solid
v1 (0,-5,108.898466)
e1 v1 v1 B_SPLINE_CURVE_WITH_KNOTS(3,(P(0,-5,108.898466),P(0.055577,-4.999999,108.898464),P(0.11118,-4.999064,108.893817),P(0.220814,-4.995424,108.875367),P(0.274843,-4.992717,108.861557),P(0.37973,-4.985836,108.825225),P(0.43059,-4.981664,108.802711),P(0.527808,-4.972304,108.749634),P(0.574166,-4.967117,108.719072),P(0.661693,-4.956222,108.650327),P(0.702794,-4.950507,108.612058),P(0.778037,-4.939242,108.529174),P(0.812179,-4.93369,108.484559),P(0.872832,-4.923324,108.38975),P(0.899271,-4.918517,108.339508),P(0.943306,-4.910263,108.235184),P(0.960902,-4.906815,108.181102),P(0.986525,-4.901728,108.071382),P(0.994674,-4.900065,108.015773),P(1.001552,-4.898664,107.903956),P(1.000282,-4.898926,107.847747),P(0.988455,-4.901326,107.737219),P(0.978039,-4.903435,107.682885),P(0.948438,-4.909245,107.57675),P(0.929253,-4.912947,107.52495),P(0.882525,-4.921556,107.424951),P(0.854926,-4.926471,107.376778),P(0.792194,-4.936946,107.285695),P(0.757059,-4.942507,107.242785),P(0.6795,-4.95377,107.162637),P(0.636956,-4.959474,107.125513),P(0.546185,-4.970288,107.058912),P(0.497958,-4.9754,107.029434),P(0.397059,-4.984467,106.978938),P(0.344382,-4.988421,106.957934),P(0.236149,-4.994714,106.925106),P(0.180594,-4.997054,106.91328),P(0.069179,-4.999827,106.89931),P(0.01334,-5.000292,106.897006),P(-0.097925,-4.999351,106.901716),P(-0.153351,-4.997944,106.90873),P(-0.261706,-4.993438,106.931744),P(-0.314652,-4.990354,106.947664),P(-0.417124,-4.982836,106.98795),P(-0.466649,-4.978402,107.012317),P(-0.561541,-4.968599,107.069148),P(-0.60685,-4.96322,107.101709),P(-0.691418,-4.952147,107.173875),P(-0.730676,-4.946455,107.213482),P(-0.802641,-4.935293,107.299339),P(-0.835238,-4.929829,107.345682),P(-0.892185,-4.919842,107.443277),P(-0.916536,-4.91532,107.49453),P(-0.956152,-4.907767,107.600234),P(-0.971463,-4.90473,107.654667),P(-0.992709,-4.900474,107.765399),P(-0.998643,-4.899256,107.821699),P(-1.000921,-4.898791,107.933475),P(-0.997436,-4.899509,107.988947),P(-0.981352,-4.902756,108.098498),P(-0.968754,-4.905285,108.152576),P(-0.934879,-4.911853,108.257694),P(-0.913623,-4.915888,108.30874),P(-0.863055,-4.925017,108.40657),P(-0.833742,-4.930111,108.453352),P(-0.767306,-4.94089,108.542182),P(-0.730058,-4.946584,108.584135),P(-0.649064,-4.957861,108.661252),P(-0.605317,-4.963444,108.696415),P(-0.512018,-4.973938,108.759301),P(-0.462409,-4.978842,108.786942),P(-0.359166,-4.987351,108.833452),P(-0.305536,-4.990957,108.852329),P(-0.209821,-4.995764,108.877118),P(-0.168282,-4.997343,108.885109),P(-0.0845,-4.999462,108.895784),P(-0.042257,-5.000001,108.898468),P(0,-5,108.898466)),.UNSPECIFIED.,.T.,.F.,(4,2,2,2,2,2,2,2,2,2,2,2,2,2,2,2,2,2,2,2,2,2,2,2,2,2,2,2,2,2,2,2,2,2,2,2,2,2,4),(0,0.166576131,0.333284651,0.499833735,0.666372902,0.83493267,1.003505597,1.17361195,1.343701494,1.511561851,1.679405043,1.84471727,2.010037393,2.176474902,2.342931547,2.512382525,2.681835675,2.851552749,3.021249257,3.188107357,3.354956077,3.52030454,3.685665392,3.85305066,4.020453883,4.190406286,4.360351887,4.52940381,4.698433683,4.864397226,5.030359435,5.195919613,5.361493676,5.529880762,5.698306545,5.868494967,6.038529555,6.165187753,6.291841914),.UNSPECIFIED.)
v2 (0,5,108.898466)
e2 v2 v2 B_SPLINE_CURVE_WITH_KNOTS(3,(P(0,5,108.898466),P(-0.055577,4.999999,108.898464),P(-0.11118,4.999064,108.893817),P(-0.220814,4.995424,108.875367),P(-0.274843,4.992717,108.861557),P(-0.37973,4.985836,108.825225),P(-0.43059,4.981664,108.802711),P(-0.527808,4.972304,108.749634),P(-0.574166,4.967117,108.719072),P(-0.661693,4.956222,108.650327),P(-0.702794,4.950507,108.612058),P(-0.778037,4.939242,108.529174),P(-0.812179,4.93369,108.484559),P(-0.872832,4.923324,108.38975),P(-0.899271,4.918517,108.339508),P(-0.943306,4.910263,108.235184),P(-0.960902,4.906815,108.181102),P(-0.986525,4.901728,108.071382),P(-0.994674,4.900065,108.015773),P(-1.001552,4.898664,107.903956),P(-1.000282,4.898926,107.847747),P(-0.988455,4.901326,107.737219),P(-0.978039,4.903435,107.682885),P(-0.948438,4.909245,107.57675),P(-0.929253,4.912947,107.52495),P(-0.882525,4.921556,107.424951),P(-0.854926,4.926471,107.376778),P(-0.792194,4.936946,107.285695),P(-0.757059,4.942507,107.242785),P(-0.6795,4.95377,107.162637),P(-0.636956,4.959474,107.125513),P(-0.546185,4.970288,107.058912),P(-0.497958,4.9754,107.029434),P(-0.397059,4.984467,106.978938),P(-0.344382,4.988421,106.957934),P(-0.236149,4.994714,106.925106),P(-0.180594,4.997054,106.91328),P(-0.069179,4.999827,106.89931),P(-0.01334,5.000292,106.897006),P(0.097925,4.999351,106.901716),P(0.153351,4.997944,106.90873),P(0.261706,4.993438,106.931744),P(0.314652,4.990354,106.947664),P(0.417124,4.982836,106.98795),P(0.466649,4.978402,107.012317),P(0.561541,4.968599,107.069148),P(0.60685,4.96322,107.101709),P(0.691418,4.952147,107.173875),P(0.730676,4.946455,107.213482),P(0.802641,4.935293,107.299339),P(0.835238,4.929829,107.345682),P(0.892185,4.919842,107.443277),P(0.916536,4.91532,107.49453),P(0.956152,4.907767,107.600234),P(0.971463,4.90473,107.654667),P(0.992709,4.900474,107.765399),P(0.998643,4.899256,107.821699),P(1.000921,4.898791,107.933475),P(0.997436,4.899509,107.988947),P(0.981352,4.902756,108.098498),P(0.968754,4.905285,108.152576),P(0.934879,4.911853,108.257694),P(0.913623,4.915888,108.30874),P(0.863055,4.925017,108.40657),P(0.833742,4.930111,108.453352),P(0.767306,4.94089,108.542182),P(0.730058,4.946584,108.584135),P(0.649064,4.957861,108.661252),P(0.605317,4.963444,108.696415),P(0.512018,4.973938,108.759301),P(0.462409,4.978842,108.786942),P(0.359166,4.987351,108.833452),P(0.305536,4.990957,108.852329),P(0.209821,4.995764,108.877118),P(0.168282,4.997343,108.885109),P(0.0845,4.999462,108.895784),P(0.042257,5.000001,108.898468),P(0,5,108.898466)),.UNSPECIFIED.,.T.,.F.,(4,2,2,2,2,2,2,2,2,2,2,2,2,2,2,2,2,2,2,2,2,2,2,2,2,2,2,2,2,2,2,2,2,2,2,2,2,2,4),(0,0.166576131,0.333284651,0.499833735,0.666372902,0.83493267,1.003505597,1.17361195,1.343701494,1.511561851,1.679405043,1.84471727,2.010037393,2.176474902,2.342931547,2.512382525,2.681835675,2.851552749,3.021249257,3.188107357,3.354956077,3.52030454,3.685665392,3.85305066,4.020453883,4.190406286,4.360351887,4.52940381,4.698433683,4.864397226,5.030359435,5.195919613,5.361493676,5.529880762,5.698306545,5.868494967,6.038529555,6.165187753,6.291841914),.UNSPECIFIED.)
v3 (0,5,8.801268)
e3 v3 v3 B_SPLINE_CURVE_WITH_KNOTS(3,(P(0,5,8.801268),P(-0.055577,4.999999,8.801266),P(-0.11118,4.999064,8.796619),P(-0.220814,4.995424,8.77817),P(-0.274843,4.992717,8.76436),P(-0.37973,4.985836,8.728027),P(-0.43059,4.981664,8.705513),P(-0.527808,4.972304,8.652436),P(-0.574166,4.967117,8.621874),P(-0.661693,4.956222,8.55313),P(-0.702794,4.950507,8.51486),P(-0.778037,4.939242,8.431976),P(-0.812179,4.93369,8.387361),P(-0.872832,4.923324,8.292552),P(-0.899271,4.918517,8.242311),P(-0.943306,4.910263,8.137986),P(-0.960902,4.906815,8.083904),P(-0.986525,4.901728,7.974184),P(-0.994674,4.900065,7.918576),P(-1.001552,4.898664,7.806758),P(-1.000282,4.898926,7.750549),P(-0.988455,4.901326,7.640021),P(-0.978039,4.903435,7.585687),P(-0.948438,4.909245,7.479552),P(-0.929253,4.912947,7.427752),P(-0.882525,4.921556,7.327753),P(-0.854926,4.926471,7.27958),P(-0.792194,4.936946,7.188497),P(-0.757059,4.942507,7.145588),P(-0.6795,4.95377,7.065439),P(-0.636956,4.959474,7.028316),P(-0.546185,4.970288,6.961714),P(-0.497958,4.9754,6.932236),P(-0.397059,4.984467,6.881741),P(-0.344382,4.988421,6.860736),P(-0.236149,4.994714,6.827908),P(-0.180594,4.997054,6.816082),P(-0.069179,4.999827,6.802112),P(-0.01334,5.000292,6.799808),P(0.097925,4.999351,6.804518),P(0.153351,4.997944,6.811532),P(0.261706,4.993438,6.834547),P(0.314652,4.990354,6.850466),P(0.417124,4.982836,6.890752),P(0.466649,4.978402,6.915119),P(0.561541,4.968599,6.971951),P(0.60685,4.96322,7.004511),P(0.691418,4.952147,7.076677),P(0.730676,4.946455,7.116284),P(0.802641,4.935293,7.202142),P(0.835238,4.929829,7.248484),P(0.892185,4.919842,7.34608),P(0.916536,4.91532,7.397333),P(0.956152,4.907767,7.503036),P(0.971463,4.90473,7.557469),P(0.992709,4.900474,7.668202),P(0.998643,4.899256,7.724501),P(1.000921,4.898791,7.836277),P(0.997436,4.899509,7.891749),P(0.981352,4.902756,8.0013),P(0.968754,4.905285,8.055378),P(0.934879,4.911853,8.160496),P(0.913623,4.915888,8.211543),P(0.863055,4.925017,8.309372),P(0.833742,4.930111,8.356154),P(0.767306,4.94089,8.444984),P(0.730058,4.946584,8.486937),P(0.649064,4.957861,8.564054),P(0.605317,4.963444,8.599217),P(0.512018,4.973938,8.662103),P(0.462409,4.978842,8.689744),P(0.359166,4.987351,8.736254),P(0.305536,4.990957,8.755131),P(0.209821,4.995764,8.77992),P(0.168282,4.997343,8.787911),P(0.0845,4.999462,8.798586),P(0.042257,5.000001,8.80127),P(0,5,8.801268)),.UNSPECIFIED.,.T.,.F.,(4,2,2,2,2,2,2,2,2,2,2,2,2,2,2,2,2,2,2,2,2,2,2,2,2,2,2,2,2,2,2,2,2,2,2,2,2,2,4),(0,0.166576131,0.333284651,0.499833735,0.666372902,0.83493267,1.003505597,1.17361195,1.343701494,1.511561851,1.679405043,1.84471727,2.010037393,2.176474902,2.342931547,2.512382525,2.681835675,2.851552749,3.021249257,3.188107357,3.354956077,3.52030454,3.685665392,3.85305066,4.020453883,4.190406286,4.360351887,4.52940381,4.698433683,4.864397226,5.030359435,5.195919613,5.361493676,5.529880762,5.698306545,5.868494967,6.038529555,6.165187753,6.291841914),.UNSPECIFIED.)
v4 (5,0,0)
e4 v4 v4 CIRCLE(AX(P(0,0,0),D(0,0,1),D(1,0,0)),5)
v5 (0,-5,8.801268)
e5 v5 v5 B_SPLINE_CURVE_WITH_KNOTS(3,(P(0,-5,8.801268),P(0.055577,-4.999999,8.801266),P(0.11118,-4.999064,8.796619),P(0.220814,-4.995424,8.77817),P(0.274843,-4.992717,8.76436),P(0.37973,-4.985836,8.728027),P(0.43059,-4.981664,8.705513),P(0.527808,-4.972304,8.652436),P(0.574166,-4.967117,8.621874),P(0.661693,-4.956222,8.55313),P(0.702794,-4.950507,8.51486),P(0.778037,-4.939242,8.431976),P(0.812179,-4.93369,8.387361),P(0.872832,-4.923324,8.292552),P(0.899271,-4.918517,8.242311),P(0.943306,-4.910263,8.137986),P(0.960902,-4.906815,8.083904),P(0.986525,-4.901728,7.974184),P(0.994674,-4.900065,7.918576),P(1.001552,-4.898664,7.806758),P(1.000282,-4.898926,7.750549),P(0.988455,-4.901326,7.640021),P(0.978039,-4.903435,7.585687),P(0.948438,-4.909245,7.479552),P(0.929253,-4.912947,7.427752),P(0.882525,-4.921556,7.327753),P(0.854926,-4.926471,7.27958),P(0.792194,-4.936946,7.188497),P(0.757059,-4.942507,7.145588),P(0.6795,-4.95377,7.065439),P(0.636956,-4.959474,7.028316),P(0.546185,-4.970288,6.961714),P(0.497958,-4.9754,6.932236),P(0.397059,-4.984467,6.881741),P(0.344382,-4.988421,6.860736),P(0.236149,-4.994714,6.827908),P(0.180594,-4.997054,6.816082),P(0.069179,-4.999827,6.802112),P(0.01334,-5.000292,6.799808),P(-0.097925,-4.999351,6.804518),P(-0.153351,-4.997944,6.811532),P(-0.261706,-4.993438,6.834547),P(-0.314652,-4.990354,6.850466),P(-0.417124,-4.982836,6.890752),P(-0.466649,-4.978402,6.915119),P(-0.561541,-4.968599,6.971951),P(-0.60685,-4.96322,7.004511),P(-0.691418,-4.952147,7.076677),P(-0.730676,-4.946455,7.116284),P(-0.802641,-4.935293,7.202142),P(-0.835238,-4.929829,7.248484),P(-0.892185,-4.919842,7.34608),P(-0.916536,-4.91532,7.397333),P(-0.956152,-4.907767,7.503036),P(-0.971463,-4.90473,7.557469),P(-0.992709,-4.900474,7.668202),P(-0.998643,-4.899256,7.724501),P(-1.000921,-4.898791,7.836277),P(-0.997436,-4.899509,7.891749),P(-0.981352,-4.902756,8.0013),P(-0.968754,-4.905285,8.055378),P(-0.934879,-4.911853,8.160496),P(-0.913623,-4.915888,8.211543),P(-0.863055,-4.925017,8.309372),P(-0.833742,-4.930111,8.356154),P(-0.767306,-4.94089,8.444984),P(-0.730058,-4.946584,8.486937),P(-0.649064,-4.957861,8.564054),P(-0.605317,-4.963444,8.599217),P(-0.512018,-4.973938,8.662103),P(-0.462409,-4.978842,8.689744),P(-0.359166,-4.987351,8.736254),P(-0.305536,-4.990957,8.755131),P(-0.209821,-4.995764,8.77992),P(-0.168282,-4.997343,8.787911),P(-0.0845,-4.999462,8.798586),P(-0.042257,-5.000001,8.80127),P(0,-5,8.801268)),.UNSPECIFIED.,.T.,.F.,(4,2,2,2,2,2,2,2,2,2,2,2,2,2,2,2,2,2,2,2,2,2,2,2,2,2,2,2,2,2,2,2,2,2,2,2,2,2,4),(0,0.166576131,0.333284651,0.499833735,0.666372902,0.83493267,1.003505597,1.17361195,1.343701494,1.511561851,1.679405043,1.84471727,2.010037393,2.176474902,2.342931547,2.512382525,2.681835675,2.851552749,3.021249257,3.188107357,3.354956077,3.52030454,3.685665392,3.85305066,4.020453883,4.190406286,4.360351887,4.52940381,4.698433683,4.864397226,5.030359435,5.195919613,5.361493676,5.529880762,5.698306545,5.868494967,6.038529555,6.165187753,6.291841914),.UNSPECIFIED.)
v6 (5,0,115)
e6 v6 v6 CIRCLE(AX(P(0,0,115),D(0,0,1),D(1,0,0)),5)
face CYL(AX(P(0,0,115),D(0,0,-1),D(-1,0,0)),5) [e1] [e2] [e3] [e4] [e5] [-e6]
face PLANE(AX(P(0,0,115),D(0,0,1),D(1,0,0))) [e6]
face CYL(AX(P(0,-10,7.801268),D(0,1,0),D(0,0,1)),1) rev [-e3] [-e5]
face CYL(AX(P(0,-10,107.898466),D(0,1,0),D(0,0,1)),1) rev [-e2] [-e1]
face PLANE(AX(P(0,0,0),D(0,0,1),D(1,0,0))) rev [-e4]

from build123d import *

# Parameters (mm, degrees)
SKETCH_1_R          = 5
EXTRUDE_1_DEPTH     = 115
SKETCH_2_R          = 1
CUT_EXTRUDE_1_DEPTH = 10
SKETCH_4_R          = 1
CUT_EXTRUDE_2_DEPTH = 10


with BuildPart() as part:
    # Эскиз1 → Вытянуть1 (new body)
    with BuildSketch(Plane.XY):
        Circle(SKETCH_1_R)
    extrude(amount=EXTRUDE_1_DEPTH)

    # Эскиз2 → Вырез-Вытянуть1 (cut, symmetric)
    with BuildSketch(Plane(origin=(0, 0, 0), x_dir=(1, 0, 0), z_dir=(0, 1, 0))):
        with Locations(Location((0, -7.801268192, 0), (0, 0, 270))):
            Circle(SKETCH_2_R)
    extrude(amount=CUT_EXTRUDE_1_DEPTH, both=True, mode=Mode.SUBTRACT)

    # Эскиз4 → Вырез-Вытянуть2 (cut, symmetric)
    with BuildSketch(Plane(origin=(0, 0, 0), x_dir=(1, 0, 0), z_dir=(0, 1, 0))):
        with Locations(Location((0, -107.898465976, 0), (0, 0, 270))):
            Circle(SKETCH_4_R)
    extrude(amount=CUT_EXTRUDE_2_DEPTH, both=True, mode=Mode.SUBTRACT)


solid = part.part
